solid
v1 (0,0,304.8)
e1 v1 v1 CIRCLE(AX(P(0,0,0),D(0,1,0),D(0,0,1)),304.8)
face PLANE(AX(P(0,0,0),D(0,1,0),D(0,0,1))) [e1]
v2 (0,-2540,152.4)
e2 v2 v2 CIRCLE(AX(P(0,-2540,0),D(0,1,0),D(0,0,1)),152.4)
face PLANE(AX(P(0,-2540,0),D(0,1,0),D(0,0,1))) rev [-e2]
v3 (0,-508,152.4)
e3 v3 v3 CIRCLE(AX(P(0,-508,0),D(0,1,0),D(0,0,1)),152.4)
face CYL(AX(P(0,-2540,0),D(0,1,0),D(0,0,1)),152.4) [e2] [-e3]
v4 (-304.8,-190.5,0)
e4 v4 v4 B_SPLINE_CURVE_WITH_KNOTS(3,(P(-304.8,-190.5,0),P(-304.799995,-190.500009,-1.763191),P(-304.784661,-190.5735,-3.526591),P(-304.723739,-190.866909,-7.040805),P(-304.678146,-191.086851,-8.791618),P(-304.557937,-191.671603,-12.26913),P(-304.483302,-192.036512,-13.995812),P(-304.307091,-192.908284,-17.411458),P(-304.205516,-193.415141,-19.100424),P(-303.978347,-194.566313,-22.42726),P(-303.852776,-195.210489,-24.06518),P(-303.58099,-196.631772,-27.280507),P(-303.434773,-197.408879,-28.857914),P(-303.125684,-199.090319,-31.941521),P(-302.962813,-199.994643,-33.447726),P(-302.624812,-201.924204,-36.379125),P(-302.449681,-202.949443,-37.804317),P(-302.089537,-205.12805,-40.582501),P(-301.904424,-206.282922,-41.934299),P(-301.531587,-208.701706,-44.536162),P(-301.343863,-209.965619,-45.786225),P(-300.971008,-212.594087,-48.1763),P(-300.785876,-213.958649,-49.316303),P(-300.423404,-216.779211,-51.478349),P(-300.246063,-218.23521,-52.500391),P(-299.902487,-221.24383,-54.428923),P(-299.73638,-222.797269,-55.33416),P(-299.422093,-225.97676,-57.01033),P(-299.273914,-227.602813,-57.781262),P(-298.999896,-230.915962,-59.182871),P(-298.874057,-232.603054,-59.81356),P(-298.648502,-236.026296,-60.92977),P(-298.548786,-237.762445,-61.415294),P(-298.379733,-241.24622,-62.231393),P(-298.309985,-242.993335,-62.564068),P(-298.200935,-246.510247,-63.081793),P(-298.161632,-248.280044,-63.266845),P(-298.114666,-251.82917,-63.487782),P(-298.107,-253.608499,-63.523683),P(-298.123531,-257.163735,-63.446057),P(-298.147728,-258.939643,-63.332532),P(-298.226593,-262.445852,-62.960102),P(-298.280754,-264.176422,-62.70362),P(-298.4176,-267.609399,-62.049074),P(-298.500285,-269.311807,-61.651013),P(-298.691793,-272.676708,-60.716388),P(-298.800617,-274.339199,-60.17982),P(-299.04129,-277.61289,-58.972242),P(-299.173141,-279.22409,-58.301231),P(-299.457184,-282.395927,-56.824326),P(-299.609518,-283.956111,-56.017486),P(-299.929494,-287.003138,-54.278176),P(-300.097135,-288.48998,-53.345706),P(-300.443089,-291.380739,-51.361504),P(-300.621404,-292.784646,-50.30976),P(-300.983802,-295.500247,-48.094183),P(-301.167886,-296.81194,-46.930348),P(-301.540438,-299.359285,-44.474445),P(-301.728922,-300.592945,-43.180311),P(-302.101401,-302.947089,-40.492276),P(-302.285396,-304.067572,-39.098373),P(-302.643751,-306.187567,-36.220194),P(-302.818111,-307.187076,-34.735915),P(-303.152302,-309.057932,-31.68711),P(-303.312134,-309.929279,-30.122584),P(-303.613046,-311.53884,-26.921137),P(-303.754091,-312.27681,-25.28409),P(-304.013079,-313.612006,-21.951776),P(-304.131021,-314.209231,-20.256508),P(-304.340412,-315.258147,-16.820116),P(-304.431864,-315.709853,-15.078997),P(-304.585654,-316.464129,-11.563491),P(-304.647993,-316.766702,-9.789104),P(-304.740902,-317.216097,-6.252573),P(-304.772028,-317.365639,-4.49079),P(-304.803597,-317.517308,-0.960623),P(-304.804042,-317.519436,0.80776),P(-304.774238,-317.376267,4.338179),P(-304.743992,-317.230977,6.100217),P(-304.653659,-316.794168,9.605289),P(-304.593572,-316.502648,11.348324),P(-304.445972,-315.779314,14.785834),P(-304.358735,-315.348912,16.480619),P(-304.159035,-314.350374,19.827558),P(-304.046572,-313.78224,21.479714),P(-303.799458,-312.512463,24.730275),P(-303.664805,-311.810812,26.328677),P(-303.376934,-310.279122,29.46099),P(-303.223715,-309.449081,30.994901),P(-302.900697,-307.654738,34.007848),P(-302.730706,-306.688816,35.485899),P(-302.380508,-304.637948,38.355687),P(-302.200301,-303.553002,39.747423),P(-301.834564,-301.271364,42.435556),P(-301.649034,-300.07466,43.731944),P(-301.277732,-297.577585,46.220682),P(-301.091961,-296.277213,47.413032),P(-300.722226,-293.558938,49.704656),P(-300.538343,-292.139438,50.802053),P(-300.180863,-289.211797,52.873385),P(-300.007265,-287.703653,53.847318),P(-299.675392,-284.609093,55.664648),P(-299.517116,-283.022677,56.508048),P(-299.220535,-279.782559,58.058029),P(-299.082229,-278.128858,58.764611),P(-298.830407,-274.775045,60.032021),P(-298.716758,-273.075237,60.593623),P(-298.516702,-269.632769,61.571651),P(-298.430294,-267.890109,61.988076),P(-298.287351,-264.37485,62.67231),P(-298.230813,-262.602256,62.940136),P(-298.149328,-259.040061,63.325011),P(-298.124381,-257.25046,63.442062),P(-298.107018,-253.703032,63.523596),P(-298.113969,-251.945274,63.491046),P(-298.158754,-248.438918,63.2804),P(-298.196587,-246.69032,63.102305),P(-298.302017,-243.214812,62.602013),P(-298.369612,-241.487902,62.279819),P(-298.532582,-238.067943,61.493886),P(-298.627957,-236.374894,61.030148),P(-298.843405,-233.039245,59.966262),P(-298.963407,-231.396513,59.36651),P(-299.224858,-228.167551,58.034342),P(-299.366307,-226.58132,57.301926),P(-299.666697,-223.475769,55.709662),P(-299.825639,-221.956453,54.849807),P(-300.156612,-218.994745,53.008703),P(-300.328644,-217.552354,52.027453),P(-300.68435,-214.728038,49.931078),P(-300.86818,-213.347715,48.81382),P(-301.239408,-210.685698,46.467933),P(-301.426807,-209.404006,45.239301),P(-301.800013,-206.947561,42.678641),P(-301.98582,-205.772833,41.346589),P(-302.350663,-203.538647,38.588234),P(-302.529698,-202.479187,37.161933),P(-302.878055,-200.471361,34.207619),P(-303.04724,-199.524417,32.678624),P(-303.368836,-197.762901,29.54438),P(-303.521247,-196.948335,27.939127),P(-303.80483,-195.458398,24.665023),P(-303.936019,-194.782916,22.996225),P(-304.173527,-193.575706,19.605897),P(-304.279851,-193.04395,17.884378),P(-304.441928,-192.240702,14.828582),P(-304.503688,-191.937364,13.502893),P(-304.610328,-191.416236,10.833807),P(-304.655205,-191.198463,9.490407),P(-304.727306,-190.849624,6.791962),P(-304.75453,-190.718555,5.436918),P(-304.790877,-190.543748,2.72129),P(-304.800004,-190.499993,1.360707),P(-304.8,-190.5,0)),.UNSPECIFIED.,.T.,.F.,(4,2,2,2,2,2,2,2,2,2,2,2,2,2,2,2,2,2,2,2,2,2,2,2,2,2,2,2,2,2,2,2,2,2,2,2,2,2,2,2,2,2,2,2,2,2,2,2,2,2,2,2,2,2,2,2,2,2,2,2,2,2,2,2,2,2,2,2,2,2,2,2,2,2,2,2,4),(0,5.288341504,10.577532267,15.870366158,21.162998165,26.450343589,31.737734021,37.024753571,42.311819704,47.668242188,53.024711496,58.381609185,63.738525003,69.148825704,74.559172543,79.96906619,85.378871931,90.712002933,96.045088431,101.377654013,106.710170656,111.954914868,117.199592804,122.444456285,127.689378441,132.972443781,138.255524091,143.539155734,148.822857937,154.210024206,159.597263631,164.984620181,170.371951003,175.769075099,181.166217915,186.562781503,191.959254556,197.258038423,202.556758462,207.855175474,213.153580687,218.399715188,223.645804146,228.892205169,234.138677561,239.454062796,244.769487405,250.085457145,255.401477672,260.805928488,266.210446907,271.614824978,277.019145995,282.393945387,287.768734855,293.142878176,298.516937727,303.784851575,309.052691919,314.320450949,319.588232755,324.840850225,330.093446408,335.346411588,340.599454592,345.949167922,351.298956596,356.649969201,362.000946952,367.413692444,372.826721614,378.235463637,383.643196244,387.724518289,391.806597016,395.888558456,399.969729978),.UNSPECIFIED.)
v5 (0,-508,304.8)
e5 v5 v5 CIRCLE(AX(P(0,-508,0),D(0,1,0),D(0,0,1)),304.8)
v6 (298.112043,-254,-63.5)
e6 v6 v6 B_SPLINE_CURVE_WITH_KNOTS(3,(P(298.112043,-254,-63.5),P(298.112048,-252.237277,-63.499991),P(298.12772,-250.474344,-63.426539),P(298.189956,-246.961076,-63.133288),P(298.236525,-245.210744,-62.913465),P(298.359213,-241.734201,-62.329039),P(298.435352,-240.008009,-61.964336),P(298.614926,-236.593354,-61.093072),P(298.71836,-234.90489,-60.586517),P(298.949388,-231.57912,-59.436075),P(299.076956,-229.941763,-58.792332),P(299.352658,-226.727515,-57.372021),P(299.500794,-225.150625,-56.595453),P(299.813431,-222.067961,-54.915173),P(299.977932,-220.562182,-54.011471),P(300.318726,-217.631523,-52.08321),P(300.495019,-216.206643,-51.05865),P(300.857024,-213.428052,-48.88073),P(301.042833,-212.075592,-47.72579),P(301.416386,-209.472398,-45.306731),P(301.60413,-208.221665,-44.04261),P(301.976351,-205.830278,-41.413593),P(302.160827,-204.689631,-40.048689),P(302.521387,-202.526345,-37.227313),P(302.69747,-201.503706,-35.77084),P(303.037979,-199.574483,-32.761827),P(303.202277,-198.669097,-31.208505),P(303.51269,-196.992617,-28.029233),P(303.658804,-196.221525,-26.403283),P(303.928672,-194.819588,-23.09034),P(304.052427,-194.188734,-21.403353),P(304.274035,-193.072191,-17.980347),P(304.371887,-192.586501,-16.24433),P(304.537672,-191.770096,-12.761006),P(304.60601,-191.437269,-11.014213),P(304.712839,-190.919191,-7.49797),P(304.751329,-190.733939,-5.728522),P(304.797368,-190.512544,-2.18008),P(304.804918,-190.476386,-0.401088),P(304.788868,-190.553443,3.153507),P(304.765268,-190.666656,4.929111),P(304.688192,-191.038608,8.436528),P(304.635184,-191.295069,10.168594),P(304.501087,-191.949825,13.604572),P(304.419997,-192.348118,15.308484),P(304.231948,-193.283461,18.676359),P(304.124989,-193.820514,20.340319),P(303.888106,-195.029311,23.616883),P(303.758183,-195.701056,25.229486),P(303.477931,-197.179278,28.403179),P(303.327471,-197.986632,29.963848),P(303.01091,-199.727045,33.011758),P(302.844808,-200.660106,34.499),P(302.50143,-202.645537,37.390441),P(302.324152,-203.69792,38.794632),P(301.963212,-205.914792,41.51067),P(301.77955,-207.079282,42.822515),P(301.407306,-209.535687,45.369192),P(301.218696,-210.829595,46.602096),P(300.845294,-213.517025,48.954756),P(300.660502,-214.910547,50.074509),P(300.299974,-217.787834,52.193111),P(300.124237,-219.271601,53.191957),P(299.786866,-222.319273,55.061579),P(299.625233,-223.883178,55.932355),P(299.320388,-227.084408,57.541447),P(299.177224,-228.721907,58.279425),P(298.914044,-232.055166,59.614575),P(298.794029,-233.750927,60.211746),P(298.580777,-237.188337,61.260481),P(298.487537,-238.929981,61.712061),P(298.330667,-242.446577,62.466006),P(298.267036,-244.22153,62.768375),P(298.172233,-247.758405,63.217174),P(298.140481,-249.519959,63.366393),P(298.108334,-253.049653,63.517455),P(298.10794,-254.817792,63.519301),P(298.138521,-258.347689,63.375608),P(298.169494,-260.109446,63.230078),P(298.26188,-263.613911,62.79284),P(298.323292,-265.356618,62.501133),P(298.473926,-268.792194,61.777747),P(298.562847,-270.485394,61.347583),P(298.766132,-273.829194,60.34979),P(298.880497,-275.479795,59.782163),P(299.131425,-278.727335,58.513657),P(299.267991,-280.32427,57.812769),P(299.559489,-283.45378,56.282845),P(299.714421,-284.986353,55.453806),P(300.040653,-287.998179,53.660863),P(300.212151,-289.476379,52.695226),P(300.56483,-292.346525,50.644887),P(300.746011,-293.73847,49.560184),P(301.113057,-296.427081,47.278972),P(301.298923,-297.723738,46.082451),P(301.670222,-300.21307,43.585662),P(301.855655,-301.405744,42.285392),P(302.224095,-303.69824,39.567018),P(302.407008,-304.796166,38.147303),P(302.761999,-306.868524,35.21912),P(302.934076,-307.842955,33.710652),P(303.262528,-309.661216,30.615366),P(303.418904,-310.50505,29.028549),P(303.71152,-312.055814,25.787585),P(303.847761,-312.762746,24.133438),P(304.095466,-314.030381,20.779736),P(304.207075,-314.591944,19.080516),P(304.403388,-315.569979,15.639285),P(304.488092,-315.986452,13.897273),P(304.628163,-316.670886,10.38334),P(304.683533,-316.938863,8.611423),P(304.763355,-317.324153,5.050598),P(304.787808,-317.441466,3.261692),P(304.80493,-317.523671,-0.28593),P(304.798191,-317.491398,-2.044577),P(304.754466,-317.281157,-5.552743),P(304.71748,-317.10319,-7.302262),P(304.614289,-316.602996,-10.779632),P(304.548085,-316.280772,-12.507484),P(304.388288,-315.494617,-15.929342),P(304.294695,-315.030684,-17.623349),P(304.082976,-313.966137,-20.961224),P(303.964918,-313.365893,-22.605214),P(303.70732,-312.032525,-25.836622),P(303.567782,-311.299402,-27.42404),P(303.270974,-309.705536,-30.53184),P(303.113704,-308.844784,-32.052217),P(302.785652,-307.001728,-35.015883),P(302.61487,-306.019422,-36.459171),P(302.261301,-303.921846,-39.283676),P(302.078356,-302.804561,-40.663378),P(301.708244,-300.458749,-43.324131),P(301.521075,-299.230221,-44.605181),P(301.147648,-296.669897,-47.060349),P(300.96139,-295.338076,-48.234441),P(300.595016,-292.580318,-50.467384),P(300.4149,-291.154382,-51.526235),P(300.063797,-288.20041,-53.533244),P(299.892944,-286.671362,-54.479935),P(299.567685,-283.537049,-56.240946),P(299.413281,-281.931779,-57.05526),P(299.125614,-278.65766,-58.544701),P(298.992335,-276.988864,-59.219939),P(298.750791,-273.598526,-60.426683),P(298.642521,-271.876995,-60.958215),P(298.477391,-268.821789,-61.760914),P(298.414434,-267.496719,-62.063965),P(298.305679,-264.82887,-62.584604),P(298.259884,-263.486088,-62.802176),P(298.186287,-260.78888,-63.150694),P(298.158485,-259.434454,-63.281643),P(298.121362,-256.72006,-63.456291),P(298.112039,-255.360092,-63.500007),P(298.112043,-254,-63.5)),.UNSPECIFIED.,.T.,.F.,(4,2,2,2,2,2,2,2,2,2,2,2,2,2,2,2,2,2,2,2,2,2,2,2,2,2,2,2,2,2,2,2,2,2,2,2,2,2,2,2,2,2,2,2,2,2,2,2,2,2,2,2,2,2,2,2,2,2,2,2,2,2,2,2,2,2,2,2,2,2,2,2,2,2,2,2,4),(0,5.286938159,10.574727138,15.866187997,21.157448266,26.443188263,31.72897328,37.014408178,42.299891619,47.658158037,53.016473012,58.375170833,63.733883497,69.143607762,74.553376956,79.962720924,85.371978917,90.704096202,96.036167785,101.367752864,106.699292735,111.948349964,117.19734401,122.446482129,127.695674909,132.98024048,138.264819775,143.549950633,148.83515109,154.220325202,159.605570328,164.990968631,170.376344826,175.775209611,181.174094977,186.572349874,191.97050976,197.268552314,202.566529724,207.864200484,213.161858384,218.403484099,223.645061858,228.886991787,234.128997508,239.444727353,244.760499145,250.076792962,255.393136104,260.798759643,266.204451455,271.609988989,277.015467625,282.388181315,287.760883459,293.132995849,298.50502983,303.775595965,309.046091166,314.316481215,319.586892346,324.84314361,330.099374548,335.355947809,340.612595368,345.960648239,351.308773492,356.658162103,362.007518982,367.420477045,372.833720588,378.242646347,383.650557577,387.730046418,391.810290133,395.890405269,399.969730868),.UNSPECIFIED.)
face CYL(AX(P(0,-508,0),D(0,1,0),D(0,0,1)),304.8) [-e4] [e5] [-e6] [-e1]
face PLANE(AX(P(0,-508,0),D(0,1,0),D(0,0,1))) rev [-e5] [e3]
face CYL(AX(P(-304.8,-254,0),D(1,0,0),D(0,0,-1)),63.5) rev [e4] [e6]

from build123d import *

# Parameters (mm, degrees)
SKETCH1_R               = 152.4
BOSS_EXTRUDE1_DEPTH     = 2540
SKETCH1_3_R             = 304.8
SKETCH1_3_R_2           = 152.4
BOSS_EXTRUDE2_DEPTH     = 508
SKETCH2_R               = 63.5
CUT_EXTRUDE1_DEPTH      = 305.8
CUT_EXTRUDE1_DEPTH_BACK = 305.8


with BuildPart() as part:
    # Sketch1 → Boss-Extrude1 (new body)
    with BuildSketch(Plane(origin=(0, 0, 0), x_dir=(1, 0, 0), z_dir=(0, 1, 0))):
        Circle(SKETCH1_R)
    extrude(amount=-BOSS_EXTRUDE1_DEPTH)

    # Sketch1<3> → Boss-Extrude2 (add)
    with BuildSketch(Plane(origin=(0, 0, 0), x_dir=(1, 0, 0), z_dir=(0, 1, 0))):
        Circle(SKETCH1_3_R)
        Circle(SKETCH1_3_R_2, mode=Mode.SUBTRACT)
    extrude(amount=-BOSS_EXTRUDE2_DEPTH)

    # Sketch2 → Cut-Extrude1 (cut, two sides)
    with BuildSketch(Plane(origin=(0, 0, 0), x_dir=(0, 0, -1), z_dir=(1, 0, 0))) as cut_extrude1_sk:
        with Locations((0, -254)):
            Circle(SKETCH2_R)
    extrude(amount=CUT_EXTRUDE1_DEPTH, mode=Mode.SUBTRACT)
    extrude(cut_extrude1_sk.sketch, amount=-CUT_EXTRUDE1_DEPTH_BACK, mode=Mode.SUBTRACT)


solid = part.part
